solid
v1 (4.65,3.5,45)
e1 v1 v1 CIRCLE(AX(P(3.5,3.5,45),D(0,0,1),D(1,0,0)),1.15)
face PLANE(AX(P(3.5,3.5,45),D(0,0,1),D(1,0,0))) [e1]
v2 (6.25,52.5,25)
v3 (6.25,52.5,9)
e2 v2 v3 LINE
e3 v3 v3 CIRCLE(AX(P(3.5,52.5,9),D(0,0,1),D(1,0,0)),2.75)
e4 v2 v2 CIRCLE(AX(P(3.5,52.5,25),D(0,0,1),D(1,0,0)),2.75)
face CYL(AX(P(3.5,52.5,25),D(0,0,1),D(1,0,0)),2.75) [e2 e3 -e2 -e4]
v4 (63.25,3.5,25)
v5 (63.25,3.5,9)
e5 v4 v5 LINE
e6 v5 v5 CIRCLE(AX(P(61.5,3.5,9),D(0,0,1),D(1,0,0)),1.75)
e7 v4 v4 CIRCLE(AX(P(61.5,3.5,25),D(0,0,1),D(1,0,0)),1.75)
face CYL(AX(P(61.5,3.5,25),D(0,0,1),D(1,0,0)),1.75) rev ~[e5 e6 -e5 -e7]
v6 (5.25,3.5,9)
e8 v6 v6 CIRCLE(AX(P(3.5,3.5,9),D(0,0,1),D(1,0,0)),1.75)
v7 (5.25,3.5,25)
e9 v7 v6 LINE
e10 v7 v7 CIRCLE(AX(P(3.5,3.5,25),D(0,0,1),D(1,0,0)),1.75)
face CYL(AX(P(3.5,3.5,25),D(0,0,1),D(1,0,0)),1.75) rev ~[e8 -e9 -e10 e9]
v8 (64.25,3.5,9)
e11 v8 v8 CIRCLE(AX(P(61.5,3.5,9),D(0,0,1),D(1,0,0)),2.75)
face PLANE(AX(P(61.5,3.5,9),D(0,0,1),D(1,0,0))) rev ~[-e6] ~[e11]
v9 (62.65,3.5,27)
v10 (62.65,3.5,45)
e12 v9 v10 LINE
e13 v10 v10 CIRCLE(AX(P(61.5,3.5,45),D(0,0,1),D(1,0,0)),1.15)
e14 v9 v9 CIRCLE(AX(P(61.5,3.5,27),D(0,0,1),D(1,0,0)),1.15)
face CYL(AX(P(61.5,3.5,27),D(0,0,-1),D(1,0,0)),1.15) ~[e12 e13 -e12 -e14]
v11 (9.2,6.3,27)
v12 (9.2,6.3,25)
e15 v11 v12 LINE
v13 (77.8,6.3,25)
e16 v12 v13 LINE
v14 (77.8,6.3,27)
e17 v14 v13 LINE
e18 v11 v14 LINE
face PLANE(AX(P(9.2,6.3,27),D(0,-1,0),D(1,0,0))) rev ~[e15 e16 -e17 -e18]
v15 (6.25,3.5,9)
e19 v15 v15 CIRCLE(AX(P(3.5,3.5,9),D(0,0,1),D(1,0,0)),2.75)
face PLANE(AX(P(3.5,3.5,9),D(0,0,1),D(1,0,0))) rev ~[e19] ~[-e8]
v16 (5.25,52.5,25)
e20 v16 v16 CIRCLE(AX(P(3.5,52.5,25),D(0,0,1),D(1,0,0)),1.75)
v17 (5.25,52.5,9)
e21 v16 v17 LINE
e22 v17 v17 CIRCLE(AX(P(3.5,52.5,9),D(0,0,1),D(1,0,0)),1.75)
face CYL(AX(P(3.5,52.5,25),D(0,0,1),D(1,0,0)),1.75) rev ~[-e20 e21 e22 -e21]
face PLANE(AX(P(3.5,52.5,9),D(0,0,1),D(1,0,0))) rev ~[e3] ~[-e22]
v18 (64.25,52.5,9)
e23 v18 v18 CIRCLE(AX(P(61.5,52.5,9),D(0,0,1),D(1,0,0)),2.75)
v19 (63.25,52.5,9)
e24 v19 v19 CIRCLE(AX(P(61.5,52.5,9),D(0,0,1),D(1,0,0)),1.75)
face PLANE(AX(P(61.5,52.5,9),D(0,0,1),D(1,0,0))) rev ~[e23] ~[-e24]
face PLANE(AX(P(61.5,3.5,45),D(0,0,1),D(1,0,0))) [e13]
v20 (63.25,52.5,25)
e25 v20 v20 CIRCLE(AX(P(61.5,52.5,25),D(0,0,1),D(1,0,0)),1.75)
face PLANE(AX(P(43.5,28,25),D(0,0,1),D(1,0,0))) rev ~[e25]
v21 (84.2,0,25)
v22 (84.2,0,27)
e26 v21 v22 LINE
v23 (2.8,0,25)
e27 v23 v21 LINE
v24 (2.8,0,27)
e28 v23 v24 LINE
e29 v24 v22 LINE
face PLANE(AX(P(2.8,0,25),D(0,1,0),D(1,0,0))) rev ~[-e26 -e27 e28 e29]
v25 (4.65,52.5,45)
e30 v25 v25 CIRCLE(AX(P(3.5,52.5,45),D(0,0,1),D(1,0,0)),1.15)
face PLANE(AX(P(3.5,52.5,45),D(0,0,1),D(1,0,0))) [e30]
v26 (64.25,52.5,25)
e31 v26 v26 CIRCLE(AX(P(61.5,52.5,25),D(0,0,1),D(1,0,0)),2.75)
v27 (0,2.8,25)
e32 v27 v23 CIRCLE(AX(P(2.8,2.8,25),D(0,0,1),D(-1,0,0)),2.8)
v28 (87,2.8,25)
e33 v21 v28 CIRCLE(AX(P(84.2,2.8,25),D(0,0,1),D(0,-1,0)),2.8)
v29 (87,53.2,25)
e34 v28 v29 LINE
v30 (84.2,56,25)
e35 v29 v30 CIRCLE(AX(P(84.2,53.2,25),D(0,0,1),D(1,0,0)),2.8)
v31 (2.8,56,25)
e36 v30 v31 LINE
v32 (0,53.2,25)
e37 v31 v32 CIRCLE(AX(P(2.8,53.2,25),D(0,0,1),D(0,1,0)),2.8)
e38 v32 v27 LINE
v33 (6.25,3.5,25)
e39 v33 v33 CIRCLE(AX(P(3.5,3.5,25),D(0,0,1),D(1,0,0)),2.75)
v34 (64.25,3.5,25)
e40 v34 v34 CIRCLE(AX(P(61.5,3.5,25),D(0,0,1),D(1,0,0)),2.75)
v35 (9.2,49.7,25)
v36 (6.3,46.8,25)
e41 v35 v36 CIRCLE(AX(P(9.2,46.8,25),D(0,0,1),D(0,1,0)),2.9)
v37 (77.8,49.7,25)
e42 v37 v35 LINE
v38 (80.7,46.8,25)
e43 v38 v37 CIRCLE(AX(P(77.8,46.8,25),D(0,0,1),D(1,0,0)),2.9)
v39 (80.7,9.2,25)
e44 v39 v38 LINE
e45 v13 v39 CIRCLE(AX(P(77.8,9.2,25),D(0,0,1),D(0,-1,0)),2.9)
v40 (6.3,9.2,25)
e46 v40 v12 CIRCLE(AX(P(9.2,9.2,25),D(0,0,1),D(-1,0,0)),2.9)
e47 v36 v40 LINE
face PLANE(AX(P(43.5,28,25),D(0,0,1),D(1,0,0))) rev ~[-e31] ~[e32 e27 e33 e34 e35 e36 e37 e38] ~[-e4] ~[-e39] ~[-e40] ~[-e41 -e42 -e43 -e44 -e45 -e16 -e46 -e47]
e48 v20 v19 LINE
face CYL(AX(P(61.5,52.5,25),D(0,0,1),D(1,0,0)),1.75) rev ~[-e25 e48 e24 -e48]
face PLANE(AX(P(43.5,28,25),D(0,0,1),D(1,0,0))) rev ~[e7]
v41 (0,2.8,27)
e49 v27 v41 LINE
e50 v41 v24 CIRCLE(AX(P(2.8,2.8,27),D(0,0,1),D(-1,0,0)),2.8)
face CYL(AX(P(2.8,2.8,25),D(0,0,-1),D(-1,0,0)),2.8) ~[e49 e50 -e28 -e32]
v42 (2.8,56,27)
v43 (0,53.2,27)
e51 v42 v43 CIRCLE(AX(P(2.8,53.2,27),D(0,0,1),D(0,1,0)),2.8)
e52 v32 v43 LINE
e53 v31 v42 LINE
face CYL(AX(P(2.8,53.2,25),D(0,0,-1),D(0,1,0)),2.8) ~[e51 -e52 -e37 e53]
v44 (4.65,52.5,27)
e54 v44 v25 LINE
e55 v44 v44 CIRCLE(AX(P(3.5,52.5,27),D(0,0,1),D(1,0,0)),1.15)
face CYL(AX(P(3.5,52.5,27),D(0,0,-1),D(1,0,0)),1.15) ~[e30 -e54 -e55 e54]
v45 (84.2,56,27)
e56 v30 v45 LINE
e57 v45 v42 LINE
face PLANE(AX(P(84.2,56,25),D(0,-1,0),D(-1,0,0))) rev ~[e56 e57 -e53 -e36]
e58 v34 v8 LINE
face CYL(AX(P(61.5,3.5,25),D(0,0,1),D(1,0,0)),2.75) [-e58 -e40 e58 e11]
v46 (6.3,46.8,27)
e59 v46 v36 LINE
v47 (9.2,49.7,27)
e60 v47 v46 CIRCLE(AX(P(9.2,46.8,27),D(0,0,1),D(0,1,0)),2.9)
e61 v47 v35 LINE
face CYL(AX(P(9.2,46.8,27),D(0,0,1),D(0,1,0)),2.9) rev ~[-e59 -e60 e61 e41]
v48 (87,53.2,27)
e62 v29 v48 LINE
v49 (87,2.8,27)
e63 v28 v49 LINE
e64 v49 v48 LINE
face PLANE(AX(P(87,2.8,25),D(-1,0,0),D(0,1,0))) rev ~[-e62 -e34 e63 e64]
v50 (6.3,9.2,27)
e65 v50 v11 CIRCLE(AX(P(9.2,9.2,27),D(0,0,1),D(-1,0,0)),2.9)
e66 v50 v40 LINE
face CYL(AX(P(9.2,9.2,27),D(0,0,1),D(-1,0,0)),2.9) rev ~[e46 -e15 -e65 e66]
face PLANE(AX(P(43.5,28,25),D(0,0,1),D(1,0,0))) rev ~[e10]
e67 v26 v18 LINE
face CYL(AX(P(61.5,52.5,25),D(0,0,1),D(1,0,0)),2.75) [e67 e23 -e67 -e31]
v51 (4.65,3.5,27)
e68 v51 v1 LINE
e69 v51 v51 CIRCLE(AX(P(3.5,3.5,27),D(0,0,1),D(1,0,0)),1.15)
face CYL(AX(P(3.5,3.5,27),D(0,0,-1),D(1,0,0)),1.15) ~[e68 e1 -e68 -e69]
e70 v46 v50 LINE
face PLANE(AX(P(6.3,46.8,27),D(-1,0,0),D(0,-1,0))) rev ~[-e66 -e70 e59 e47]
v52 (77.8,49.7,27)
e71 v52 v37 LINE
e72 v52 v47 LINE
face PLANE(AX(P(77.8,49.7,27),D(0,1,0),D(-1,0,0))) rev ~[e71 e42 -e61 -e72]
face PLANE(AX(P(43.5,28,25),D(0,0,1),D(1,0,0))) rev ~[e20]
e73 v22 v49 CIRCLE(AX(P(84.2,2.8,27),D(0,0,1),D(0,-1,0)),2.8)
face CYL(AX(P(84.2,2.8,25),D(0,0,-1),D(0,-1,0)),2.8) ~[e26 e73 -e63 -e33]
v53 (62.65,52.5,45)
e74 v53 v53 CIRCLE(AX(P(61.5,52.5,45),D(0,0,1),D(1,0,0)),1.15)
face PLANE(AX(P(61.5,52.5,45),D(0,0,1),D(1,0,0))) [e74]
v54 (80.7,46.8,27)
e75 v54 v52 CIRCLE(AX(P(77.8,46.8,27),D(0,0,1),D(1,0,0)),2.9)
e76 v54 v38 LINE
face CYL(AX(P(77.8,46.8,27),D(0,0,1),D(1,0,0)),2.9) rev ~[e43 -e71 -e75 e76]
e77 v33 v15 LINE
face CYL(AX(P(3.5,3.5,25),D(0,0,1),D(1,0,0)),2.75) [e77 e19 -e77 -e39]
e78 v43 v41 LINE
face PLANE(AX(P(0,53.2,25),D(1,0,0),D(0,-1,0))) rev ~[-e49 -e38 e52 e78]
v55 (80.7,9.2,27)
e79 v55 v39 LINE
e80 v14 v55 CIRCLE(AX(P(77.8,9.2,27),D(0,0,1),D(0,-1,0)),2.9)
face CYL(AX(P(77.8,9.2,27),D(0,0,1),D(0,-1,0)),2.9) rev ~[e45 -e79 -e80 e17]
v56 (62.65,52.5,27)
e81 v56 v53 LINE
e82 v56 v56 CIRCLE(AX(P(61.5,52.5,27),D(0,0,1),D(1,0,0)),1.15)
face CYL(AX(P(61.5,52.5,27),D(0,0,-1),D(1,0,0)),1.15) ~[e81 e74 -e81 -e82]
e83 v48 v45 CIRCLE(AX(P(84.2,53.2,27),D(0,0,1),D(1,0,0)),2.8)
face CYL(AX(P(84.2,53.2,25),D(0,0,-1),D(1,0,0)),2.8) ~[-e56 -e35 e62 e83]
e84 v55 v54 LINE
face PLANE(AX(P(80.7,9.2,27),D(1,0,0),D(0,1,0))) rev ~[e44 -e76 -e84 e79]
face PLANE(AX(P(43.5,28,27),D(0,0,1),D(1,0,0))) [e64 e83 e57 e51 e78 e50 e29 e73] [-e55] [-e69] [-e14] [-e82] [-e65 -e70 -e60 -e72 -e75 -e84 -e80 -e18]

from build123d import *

# Parameters (mm, degrees)
F0_R      = 1.15
F1_DEPTH  = 2
F2_DEPTH  = 105
F4_R      = 2.75
F4_R_2    = 1.75
F5_DEPTH  = 2
F6_DEPTH  = 2
F7_DEPTH  = 16
F9_R      = 1.15
F10_DEPTH = 18
F12_DEPTH = 2


with BuildPart() as f1:
    # F0 (on Top) → F1 (new body)
    with BuildSketch(Plane.XY):
        with BuildLine():
            ThreePointArc((0, 2.8), (0.8201010127, 0.8201010127), (2.8, 0))
            Line((2.8, 0), (84.2, 0))
            ThreePointArc((84.2, 0), (86.1798989873, 0.8201010127), (87, 2.8))
            Line((87, 2.8), (87, 53.2))
            ThreePointArc((87, 53.2), (86.1798989873, 55.1798989873), (84.2, 56))
            Line((84.2, 56), (2.8, 56))
            ThreePointArc((2.8, 56), (0.8201010127, 55.1798989873), (0, 53.2))
            Line((0, 53.2), (0, 2.8))
        make_face()
        with Locations((3.5, 3.5)):
            Circle(F0_R, mode=Mode.SUBTRACT)
        with Locations((61.5, 3.5)):
            Circle(F0_R, mode=Mode.SUBTRACT)
        with Locations((3.5, 52.5)):
            Circle(F0_R, mode=Mode.SUBTRACT)
        with Locations((61.5, 52.5)):
            Circle(F0_R, mode=Mode.SUBTRACT)
        with Locations((3.5, 3.5)):
            Circle(F0_R)
        with Locations((61.5, 52.5)):
            Circle(F0_R)
        with Locations((61.5, 3.5)):
            Circle(F0_R)
        with Locations((3.5, 52.5)):
            Circle(F0_R)
    extrude(amount=F1_DEPTH)

    # F0 (on Top) → F2 (join)
    with BuildSketch(Plane.XY):
        with Locations((61.5, 3.5)):
            Circle(F0_R)
        with Locations((61.5, 52.5)):
            Circle(F0_R)
        with Locations((3.5, 52.5)):
            Circle(F0_R)
        with Locations((3.5, 3.5)):
            Circle(F0_R)
    extrude(amount=F2_DEPTH)


with BuildPart() as f5:
    # F4 (on offset) → F5 (new body)
    with BuildSketch(Plane.XY.offset(25)):
        with BuildLine():
            Line((84.2, 56), (2.8, 56))
            ThreePointArc((2.8, 56), (0.8201010127, 55.1798989873), (0, 53.2))
            Line((0, 53.2), (0, 2.8))
            ThreePointArc((0, 2.8), (0.8201010127, 0.8201010127), (2.8, 0))
            Line((2.8, 0), (84.2, 0))
            ThreePointArc((84.2, 0), (86.1798989873, 0.8201010127), (87, 2.8))
            Line((87, 2.8), (87, 53.2))
            ThreePointArc((87, 53.2), (86.1798989873, 55.1798989873), (84.2, 56))
        make_face()
        with Locations((3.5, 3.5)):
            Circle(F4_R, mode=Mode.SUBTRACT)
        with Locations((61.5, 3.5)):
            Circle(F4_R, mode=Mode.SUBTRACT)
        with Locations((3.5, 52.5)):
            Circle(F4_R, mode=Mode.SUBTRACT)
        with Locations((61.5, 52.5)):
            Circle(F4_R, mode=Mode.SUBTRACT)
        with Locations((3.5, 3.5)):
            Circle(F4_R)
        with Locations((3.5, 3.5)):
            Circle(F4_R_2, mode=Mode.SUBTRACT)
        with Locations((61.5, 3.5)):
            Circle(F4_R)
        with Locations((61.5, 3.5)):
            Circle(F4_R_2, mode=Mode.SUBTRACT)
        with Locations((61.5, 52.5)):
            Circle(F4_R)
        with Locations((61.5, 52.5)):
            Circle(F4_R_2, mode=Mode.SUBTRACT)
        with Locations((3.5, 52.5)):
            Circle(F4_R)
        with Locations((3.5, 52.5)):
            Circle(F4_R_2, mode=Mode.SUBTRACT)
        with Locations((3.5, 3.5)):
            Circle(F4_R_2)
        with Locations((61.5, 3.5)):
            Circle(F4_R_2)
        with Locations((61.5, 52.5)):
            Circle(F4_R_2)
        with Locations((3.5, 52.5)):
            Circle(F4_R_2)
    extrude(amount=F5_DEPTH)

    # F4 (on offset) → F6 (join, through all)
    with BuildSketch(Plane.XY.offset(25)):
        with Locations((3.5, 3.5)):
            Circle(F4_R)
        with Locations((3.5, 3.5)):
            Circle(F4_R_2, mode=Mode.SUBTRACT)
        with Locations((3.5, 52.5)):
            Circle(F4_R)
        with Locations((3.5, 52.5)):
            Circle(F4_R_2, mode=Mode.SUBTRACT)
        with Locations((61.5, 52.5)):
            Circle(F4_R)
        with Locations((61.5, 52.5)):
            Circle(F4_R_2, mode=Mode.SUBTRACT)
        with Locations((61.5, 3.5)):
            Circle(F4_R)
        with Locations((61.5, 3.5)):
            Circle(F4_R_2, mode=Mode.SUBTRACT)
    extrude(amount=F6_DEPTH)

    # F4 (on offset) → F7 (join)
    with BuildSketch(Plane.XY.offset(25)):
        with Locations((3.5, 3.5)):
            Circle(F4_R)
        with Locations((3.5, 3.5)):
            Circle(F4_R_2, mode=Mode.SUBTRACT)
        with Locations((3.5, 52.5)):
            Circle(F4_R)
        with Locations((3.5, 52.5)):
            Circle(F4_R_2, mode=Mode.SUBTRACT)
        with Locations((61.5, 3.5)):
            Circle(F4_R)
        with Locations((61.5, 3.5)):
            Circle(F4_R_2, mode=Mode.SUBTRACT)
        with Locations((61.5, 52.5)):
            Circle(F4_R)
        with Locations((61.5, 52.5)):
            Circle(F4_R_2, mode=Mode.SUBTRACT)
    extrude(amount=-F7_DEPTH)

    # F9 (on face) → F10 (join)
    with BuildSketch(Plane.XY.offset(27)):
        with Locations((3.5, 52.5)):
            Circle(F9_R)
        with Locations((61.5, 52.5)):
            Circle(F9_R)
        with Locations((61.5, 3.5)):
            Circle(F9_R)
        with Locations((3.5, 3.5)):
            Circle(F9_R)
    extrude(amount=F10_DEPTH)

    # F11 (on face) → F12 (cut)
    with BuildSketch(Plane.XY.offset(27)):
        with BuildLine():
            Line((6.3, 46.8), (6.3, 9.2))
            ThreePointArc((6.3, 9.2), (7.1493903346, 7.1493903346), (9.2, 6.3))
            Line((9.2, 6.3), (77.8, 6.3))
            ThreePointArc((77.8, 6.3), (79.8506096654, 7.1493903346), (80.7, 9.2))
            Line((80.7, 9.2), (80.7, 46.8))
            ThreePointArc((80.7, 46.8), (79.8506096654, 48.8506096654), (77.8, 49.7))
            Line((77.8, 49.7), (9.2, 49.7))
            ThreePointArc((9.2, 49.7), (7.1493903346, 48.8506096654), (6.3, 46.8))
        make_face()
    extrude(amount=-F12_DEPTH, mode=Mode.SUBTRACT)


solid = f5.part
